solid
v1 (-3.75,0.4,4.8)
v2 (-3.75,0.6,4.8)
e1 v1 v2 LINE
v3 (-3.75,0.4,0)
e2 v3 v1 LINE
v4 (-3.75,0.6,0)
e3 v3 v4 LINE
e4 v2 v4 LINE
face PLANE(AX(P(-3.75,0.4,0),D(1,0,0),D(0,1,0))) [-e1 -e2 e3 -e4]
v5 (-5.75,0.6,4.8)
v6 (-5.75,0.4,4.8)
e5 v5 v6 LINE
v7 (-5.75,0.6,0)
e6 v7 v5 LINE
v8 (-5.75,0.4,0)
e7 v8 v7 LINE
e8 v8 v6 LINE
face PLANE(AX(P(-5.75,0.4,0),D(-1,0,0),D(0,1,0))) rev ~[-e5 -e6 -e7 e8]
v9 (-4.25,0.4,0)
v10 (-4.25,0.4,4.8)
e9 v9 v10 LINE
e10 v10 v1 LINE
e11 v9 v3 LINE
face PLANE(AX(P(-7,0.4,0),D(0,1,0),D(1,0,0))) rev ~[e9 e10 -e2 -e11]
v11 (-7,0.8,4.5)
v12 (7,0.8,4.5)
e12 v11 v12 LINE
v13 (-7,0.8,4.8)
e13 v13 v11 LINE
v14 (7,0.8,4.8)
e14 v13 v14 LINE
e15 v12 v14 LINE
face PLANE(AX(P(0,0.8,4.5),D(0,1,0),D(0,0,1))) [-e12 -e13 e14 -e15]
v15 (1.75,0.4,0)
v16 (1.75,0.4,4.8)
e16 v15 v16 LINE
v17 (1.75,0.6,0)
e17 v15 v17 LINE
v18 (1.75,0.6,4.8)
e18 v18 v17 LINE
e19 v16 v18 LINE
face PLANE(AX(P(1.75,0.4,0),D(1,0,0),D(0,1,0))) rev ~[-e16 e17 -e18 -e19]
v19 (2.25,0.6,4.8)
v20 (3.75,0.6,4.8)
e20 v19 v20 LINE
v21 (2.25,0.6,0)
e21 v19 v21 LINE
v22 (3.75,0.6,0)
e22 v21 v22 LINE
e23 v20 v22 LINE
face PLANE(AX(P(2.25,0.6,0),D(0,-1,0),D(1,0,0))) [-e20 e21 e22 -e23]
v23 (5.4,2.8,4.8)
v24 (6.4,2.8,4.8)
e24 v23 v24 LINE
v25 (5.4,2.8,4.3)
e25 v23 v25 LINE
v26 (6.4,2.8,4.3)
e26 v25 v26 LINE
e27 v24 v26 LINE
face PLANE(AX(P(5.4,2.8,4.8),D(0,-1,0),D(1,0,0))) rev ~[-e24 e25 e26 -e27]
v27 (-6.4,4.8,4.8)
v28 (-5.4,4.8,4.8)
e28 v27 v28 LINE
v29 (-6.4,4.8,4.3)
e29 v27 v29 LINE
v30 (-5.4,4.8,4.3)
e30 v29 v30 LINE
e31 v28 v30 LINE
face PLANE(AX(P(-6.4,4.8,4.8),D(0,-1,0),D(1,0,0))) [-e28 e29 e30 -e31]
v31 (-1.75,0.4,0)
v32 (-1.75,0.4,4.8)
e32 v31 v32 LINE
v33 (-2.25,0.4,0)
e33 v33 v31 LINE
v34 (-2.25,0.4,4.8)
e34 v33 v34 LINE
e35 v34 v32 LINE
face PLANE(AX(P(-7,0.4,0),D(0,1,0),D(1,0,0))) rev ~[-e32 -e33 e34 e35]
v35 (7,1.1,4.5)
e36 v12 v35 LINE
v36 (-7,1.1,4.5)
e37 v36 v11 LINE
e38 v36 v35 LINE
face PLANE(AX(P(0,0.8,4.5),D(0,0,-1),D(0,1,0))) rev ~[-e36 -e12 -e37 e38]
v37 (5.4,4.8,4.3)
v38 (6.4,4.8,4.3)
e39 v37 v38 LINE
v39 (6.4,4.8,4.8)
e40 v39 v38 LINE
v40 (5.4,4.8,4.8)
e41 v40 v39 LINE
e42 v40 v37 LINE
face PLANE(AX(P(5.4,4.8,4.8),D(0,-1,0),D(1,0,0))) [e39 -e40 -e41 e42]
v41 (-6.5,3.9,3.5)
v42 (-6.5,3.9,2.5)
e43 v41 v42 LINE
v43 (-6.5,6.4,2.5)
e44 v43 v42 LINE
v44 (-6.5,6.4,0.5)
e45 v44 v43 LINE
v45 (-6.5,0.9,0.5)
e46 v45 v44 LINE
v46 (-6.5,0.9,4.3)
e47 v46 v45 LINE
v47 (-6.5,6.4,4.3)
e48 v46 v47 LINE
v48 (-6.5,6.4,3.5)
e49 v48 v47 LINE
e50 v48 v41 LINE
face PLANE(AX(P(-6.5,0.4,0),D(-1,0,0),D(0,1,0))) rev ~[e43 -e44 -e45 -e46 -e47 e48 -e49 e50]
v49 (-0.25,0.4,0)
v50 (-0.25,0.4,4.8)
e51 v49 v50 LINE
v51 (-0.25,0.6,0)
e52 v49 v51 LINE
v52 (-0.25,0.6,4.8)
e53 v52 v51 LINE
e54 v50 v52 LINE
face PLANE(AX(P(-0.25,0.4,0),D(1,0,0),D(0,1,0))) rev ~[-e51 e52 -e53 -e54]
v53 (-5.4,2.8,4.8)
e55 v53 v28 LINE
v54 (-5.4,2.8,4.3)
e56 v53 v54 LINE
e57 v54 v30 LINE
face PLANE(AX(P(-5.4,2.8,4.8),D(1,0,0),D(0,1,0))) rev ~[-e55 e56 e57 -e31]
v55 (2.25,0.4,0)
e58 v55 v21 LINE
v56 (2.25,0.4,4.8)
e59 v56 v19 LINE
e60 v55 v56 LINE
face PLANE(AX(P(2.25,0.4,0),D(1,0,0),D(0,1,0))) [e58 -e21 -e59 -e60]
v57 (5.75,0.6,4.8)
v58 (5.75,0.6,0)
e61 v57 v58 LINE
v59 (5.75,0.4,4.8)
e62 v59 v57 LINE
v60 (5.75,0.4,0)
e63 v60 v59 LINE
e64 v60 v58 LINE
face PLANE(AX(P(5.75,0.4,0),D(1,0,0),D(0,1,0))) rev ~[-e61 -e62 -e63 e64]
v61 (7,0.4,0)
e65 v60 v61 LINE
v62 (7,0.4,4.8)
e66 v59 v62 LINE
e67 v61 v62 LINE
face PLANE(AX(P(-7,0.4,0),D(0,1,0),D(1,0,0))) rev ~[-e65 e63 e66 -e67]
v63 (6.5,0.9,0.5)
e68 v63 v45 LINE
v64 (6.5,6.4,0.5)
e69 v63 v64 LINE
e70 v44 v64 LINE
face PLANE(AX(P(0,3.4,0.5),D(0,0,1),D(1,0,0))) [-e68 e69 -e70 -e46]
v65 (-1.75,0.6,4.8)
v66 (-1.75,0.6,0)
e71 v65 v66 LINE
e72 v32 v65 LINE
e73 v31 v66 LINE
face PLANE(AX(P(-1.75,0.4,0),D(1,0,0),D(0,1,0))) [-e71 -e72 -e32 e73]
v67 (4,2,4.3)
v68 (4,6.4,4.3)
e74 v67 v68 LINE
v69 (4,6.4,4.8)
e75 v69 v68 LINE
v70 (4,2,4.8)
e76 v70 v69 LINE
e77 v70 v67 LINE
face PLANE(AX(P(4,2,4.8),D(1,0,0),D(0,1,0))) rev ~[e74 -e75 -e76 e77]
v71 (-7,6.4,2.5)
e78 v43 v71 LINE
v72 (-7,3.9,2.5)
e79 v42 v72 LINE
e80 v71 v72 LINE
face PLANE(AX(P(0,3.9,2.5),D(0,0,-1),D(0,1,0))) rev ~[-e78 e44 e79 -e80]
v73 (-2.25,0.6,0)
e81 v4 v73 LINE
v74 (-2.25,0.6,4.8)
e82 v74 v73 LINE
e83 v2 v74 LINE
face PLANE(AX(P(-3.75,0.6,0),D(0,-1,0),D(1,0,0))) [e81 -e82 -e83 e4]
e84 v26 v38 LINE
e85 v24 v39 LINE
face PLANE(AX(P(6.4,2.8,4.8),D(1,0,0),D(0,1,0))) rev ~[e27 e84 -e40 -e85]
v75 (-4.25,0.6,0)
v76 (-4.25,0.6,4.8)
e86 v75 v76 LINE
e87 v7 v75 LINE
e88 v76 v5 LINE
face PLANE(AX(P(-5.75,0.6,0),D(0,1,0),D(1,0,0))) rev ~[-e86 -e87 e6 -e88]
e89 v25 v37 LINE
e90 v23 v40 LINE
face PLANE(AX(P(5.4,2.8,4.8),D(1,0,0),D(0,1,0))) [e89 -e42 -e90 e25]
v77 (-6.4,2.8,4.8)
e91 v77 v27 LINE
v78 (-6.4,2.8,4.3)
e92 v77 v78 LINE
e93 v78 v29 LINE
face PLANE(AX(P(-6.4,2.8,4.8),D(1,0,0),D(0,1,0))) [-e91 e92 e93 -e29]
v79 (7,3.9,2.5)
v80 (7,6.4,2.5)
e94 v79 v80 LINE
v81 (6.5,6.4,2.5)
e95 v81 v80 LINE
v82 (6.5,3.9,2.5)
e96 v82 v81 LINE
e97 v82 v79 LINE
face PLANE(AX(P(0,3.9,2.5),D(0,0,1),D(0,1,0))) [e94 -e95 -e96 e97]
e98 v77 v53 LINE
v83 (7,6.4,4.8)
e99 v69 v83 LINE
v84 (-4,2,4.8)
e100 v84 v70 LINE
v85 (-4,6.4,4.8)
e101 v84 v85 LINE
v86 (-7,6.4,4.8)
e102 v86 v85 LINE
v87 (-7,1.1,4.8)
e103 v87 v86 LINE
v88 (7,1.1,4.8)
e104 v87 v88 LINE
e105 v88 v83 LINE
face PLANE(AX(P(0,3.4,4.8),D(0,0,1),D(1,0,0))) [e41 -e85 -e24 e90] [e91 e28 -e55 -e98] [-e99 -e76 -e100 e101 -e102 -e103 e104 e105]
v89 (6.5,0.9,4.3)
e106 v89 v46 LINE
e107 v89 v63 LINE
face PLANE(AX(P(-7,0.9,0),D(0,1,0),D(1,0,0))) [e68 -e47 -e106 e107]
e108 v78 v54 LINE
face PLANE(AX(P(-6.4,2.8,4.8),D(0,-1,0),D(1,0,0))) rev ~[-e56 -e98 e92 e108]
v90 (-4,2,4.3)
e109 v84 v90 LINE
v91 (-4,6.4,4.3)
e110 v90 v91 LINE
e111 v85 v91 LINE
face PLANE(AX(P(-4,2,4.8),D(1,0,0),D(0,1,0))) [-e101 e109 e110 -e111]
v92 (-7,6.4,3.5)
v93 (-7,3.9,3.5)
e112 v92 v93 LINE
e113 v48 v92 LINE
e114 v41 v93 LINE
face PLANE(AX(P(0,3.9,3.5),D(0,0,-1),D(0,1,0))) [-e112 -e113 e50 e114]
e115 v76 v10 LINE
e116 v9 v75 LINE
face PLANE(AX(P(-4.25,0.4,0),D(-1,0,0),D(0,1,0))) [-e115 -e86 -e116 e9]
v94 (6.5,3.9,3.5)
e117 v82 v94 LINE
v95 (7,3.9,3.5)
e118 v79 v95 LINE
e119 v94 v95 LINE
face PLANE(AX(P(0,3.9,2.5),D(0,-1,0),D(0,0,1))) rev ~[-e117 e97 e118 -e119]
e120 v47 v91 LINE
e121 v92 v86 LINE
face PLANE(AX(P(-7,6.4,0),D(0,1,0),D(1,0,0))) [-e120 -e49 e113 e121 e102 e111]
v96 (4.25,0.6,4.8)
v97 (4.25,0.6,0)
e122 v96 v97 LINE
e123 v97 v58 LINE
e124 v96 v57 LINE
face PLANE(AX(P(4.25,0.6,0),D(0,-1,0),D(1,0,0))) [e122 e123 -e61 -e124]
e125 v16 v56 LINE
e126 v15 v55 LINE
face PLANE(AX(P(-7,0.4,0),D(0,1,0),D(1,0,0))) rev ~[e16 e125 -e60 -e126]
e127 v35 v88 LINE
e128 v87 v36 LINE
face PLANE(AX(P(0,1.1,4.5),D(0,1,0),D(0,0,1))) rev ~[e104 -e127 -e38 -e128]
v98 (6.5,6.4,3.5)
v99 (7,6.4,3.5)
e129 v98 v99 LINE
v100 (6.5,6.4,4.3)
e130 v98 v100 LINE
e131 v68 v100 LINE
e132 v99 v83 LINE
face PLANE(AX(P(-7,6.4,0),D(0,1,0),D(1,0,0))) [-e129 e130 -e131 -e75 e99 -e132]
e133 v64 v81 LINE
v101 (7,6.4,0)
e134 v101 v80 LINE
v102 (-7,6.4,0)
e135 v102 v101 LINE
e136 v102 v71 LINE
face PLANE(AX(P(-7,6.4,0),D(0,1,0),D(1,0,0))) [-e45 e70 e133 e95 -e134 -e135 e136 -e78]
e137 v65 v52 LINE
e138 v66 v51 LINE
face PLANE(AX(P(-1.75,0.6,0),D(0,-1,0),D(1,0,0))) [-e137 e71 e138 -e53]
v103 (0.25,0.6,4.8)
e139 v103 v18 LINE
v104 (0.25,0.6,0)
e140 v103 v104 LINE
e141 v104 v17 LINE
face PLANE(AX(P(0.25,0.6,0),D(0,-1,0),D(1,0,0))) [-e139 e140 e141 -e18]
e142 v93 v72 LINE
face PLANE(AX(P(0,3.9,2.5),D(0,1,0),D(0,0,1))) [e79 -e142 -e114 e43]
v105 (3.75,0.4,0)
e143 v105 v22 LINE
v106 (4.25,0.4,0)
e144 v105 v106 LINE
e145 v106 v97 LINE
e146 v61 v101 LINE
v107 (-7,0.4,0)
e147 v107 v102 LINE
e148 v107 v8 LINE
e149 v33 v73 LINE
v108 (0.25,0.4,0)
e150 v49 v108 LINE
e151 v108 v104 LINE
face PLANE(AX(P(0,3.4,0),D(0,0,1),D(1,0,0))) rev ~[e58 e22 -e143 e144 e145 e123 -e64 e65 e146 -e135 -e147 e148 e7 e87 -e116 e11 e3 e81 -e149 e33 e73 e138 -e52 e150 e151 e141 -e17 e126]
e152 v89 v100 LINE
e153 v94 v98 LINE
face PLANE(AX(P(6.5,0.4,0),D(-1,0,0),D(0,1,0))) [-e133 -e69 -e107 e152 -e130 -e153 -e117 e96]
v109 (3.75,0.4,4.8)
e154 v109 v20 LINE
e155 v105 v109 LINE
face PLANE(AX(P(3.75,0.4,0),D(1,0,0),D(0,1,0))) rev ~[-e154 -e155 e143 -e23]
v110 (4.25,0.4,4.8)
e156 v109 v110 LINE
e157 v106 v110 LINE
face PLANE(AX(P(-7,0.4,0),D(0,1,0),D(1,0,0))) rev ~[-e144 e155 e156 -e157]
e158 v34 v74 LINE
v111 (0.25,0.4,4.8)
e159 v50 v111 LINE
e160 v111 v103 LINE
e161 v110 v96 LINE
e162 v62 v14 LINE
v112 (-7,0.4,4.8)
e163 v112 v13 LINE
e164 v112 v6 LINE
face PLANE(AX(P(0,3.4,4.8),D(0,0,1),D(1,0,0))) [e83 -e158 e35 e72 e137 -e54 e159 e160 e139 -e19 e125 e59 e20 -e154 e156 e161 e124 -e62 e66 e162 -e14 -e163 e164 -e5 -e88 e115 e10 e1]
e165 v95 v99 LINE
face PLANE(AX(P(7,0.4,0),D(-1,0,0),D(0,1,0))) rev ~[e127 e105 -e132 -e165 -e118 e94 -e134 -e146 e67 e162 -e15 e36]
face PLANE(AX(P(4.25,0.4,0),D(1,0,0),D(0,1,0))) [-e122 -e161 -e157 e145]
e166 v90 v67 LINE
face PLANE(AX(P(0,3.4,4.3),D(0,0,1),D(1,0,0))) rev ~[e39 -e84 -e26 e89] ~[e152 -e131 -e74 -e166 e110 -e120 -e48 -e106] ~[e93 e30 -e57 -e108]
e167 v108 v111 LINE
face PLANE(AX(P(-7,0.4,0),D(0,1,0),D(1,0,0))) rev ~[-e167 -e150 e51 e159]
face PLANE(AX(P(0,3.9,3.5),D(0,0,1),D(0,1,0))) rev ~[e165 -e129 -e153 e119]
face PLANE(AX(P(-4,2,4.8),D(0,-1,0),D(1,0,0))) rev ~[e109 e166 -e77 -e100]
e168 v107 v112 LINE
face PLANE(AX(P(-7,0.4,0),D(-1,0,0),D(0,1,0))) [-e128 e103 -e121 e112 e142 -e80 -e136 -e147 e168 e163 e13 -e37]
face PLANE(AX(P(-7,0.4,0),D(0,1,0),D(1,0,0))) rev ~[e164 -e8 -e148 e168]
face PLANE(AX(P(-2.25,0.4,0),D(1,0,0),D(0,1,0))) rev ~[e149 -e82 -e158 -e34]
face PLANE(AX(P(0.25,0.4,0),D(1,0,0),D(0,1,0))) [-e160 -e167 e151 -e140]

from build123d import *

# Parameters (mm, degrees)
SKETCH_W             = 14
SKETCH_H             = 6
PAD_DEPTH            = 4.8
THICKNESS_T          = -0.5
SKETCH001_W          = 8
SKETCH001_H          = 4.4
SKETCH001_W_2        = 1
SKETCH001_H_2        = 2
POCKET_DEPTH         = 0.5
SKETCH002_W          = 2.5
SKETCH002_H          = 1
SKETCH002_W_2        = 0.3
SKETCH002_H_2        = 0.3
POCKET001_DEPTH      = 7.001
POCKET001_DEPTH_BACK = 7.001
SKETCH004_W          = 1.5
SKETCH004_H          = 0.2
POCKET002_DEPTH      = 0.001
POCKET002_DEPTH_BACK = 4.801
LINEARPATTERN_COUNT  = 6
LINEARPATTERN_PITCH  = 2


with BuildPart() as part:
    # Sketch → Pad (new body)
    with BuildSketch(Plane.XY):
        with Locations((0, 3.4)):
            Rectangle(SKETCH_W, SKETCH_H)
    extrude(amount=PAD_DEPTH)

    # Thickness
    thickness_openings = [part.faces().sort_by_distance(p)[0] for p in [
        (0, 6.4, 2.4),
    ]]
    offset(amount=THICKNESS_T, openings=thickness_openings)

    # Sketch001 → Pocket (cut)
    with BuildSketch(Plane.XY.offset(4.8)):
        with Locations((0, 4.2)):
            Rectangle(SKETCH001_W, SKETCH001_H)
        with Locations((5.9, 3.8)):
            Rectangle(SKETCH001_W_2, SKETCH001_H_2)
        with Locations((-5.9, 3.8)):
            Rectangle(SKETCH001_W_2, SKETCH001_H_2)
    extrude(amount=-POCKET_DEPTH, mode=Mode.SUBTRACT)

    # Sketch002 → Pocket001 (cut, two sides)
    with BuildSketch(Plane.YZ) as pocket001_sk:
        with Locations((5.15, 3)):
            Rectangle(SKETCH002_W, SKETCH002_H)
        with Locations((0.95, 4.65)):
            Rectangle(SKETCH002_W_2, SKETCH002_H_2)
    extrude(amount=-POCKET001_DEPTH, mode=Mode.SUBTRACT)
    extrude(pocket001_sk.sketch, amount=POCKET001_DEPTH_BACK, mode=Mode.SUBTRACT)

    # Sketch004 → Pocket002 (cut, two sides)
    with BuildSketch(Plane.XY) as pocket002_sk:
        with Locations((-5, 0.5)):
            Rectangle(SKETCH004_W, SKETCH004_H)
    pocket002 = extrude(amount=-POCKET002_DEPTH, mode=Mode.SUBTRACT) + extrude(pocket002_sk.sketch, amount=POCKET002_DEPTH_BACK, mode=Mode.SUBTRACT)

    # LinearPattern: Pocket002 ×6
    with Locations(*[(i * LINEARPATTERN_PITCH, 0, 0) for i in range(1, LINEARPATTERN_COUNT)]):
        add(pocket002, mode=Mode.SUBTRACT)


solid = part.part
